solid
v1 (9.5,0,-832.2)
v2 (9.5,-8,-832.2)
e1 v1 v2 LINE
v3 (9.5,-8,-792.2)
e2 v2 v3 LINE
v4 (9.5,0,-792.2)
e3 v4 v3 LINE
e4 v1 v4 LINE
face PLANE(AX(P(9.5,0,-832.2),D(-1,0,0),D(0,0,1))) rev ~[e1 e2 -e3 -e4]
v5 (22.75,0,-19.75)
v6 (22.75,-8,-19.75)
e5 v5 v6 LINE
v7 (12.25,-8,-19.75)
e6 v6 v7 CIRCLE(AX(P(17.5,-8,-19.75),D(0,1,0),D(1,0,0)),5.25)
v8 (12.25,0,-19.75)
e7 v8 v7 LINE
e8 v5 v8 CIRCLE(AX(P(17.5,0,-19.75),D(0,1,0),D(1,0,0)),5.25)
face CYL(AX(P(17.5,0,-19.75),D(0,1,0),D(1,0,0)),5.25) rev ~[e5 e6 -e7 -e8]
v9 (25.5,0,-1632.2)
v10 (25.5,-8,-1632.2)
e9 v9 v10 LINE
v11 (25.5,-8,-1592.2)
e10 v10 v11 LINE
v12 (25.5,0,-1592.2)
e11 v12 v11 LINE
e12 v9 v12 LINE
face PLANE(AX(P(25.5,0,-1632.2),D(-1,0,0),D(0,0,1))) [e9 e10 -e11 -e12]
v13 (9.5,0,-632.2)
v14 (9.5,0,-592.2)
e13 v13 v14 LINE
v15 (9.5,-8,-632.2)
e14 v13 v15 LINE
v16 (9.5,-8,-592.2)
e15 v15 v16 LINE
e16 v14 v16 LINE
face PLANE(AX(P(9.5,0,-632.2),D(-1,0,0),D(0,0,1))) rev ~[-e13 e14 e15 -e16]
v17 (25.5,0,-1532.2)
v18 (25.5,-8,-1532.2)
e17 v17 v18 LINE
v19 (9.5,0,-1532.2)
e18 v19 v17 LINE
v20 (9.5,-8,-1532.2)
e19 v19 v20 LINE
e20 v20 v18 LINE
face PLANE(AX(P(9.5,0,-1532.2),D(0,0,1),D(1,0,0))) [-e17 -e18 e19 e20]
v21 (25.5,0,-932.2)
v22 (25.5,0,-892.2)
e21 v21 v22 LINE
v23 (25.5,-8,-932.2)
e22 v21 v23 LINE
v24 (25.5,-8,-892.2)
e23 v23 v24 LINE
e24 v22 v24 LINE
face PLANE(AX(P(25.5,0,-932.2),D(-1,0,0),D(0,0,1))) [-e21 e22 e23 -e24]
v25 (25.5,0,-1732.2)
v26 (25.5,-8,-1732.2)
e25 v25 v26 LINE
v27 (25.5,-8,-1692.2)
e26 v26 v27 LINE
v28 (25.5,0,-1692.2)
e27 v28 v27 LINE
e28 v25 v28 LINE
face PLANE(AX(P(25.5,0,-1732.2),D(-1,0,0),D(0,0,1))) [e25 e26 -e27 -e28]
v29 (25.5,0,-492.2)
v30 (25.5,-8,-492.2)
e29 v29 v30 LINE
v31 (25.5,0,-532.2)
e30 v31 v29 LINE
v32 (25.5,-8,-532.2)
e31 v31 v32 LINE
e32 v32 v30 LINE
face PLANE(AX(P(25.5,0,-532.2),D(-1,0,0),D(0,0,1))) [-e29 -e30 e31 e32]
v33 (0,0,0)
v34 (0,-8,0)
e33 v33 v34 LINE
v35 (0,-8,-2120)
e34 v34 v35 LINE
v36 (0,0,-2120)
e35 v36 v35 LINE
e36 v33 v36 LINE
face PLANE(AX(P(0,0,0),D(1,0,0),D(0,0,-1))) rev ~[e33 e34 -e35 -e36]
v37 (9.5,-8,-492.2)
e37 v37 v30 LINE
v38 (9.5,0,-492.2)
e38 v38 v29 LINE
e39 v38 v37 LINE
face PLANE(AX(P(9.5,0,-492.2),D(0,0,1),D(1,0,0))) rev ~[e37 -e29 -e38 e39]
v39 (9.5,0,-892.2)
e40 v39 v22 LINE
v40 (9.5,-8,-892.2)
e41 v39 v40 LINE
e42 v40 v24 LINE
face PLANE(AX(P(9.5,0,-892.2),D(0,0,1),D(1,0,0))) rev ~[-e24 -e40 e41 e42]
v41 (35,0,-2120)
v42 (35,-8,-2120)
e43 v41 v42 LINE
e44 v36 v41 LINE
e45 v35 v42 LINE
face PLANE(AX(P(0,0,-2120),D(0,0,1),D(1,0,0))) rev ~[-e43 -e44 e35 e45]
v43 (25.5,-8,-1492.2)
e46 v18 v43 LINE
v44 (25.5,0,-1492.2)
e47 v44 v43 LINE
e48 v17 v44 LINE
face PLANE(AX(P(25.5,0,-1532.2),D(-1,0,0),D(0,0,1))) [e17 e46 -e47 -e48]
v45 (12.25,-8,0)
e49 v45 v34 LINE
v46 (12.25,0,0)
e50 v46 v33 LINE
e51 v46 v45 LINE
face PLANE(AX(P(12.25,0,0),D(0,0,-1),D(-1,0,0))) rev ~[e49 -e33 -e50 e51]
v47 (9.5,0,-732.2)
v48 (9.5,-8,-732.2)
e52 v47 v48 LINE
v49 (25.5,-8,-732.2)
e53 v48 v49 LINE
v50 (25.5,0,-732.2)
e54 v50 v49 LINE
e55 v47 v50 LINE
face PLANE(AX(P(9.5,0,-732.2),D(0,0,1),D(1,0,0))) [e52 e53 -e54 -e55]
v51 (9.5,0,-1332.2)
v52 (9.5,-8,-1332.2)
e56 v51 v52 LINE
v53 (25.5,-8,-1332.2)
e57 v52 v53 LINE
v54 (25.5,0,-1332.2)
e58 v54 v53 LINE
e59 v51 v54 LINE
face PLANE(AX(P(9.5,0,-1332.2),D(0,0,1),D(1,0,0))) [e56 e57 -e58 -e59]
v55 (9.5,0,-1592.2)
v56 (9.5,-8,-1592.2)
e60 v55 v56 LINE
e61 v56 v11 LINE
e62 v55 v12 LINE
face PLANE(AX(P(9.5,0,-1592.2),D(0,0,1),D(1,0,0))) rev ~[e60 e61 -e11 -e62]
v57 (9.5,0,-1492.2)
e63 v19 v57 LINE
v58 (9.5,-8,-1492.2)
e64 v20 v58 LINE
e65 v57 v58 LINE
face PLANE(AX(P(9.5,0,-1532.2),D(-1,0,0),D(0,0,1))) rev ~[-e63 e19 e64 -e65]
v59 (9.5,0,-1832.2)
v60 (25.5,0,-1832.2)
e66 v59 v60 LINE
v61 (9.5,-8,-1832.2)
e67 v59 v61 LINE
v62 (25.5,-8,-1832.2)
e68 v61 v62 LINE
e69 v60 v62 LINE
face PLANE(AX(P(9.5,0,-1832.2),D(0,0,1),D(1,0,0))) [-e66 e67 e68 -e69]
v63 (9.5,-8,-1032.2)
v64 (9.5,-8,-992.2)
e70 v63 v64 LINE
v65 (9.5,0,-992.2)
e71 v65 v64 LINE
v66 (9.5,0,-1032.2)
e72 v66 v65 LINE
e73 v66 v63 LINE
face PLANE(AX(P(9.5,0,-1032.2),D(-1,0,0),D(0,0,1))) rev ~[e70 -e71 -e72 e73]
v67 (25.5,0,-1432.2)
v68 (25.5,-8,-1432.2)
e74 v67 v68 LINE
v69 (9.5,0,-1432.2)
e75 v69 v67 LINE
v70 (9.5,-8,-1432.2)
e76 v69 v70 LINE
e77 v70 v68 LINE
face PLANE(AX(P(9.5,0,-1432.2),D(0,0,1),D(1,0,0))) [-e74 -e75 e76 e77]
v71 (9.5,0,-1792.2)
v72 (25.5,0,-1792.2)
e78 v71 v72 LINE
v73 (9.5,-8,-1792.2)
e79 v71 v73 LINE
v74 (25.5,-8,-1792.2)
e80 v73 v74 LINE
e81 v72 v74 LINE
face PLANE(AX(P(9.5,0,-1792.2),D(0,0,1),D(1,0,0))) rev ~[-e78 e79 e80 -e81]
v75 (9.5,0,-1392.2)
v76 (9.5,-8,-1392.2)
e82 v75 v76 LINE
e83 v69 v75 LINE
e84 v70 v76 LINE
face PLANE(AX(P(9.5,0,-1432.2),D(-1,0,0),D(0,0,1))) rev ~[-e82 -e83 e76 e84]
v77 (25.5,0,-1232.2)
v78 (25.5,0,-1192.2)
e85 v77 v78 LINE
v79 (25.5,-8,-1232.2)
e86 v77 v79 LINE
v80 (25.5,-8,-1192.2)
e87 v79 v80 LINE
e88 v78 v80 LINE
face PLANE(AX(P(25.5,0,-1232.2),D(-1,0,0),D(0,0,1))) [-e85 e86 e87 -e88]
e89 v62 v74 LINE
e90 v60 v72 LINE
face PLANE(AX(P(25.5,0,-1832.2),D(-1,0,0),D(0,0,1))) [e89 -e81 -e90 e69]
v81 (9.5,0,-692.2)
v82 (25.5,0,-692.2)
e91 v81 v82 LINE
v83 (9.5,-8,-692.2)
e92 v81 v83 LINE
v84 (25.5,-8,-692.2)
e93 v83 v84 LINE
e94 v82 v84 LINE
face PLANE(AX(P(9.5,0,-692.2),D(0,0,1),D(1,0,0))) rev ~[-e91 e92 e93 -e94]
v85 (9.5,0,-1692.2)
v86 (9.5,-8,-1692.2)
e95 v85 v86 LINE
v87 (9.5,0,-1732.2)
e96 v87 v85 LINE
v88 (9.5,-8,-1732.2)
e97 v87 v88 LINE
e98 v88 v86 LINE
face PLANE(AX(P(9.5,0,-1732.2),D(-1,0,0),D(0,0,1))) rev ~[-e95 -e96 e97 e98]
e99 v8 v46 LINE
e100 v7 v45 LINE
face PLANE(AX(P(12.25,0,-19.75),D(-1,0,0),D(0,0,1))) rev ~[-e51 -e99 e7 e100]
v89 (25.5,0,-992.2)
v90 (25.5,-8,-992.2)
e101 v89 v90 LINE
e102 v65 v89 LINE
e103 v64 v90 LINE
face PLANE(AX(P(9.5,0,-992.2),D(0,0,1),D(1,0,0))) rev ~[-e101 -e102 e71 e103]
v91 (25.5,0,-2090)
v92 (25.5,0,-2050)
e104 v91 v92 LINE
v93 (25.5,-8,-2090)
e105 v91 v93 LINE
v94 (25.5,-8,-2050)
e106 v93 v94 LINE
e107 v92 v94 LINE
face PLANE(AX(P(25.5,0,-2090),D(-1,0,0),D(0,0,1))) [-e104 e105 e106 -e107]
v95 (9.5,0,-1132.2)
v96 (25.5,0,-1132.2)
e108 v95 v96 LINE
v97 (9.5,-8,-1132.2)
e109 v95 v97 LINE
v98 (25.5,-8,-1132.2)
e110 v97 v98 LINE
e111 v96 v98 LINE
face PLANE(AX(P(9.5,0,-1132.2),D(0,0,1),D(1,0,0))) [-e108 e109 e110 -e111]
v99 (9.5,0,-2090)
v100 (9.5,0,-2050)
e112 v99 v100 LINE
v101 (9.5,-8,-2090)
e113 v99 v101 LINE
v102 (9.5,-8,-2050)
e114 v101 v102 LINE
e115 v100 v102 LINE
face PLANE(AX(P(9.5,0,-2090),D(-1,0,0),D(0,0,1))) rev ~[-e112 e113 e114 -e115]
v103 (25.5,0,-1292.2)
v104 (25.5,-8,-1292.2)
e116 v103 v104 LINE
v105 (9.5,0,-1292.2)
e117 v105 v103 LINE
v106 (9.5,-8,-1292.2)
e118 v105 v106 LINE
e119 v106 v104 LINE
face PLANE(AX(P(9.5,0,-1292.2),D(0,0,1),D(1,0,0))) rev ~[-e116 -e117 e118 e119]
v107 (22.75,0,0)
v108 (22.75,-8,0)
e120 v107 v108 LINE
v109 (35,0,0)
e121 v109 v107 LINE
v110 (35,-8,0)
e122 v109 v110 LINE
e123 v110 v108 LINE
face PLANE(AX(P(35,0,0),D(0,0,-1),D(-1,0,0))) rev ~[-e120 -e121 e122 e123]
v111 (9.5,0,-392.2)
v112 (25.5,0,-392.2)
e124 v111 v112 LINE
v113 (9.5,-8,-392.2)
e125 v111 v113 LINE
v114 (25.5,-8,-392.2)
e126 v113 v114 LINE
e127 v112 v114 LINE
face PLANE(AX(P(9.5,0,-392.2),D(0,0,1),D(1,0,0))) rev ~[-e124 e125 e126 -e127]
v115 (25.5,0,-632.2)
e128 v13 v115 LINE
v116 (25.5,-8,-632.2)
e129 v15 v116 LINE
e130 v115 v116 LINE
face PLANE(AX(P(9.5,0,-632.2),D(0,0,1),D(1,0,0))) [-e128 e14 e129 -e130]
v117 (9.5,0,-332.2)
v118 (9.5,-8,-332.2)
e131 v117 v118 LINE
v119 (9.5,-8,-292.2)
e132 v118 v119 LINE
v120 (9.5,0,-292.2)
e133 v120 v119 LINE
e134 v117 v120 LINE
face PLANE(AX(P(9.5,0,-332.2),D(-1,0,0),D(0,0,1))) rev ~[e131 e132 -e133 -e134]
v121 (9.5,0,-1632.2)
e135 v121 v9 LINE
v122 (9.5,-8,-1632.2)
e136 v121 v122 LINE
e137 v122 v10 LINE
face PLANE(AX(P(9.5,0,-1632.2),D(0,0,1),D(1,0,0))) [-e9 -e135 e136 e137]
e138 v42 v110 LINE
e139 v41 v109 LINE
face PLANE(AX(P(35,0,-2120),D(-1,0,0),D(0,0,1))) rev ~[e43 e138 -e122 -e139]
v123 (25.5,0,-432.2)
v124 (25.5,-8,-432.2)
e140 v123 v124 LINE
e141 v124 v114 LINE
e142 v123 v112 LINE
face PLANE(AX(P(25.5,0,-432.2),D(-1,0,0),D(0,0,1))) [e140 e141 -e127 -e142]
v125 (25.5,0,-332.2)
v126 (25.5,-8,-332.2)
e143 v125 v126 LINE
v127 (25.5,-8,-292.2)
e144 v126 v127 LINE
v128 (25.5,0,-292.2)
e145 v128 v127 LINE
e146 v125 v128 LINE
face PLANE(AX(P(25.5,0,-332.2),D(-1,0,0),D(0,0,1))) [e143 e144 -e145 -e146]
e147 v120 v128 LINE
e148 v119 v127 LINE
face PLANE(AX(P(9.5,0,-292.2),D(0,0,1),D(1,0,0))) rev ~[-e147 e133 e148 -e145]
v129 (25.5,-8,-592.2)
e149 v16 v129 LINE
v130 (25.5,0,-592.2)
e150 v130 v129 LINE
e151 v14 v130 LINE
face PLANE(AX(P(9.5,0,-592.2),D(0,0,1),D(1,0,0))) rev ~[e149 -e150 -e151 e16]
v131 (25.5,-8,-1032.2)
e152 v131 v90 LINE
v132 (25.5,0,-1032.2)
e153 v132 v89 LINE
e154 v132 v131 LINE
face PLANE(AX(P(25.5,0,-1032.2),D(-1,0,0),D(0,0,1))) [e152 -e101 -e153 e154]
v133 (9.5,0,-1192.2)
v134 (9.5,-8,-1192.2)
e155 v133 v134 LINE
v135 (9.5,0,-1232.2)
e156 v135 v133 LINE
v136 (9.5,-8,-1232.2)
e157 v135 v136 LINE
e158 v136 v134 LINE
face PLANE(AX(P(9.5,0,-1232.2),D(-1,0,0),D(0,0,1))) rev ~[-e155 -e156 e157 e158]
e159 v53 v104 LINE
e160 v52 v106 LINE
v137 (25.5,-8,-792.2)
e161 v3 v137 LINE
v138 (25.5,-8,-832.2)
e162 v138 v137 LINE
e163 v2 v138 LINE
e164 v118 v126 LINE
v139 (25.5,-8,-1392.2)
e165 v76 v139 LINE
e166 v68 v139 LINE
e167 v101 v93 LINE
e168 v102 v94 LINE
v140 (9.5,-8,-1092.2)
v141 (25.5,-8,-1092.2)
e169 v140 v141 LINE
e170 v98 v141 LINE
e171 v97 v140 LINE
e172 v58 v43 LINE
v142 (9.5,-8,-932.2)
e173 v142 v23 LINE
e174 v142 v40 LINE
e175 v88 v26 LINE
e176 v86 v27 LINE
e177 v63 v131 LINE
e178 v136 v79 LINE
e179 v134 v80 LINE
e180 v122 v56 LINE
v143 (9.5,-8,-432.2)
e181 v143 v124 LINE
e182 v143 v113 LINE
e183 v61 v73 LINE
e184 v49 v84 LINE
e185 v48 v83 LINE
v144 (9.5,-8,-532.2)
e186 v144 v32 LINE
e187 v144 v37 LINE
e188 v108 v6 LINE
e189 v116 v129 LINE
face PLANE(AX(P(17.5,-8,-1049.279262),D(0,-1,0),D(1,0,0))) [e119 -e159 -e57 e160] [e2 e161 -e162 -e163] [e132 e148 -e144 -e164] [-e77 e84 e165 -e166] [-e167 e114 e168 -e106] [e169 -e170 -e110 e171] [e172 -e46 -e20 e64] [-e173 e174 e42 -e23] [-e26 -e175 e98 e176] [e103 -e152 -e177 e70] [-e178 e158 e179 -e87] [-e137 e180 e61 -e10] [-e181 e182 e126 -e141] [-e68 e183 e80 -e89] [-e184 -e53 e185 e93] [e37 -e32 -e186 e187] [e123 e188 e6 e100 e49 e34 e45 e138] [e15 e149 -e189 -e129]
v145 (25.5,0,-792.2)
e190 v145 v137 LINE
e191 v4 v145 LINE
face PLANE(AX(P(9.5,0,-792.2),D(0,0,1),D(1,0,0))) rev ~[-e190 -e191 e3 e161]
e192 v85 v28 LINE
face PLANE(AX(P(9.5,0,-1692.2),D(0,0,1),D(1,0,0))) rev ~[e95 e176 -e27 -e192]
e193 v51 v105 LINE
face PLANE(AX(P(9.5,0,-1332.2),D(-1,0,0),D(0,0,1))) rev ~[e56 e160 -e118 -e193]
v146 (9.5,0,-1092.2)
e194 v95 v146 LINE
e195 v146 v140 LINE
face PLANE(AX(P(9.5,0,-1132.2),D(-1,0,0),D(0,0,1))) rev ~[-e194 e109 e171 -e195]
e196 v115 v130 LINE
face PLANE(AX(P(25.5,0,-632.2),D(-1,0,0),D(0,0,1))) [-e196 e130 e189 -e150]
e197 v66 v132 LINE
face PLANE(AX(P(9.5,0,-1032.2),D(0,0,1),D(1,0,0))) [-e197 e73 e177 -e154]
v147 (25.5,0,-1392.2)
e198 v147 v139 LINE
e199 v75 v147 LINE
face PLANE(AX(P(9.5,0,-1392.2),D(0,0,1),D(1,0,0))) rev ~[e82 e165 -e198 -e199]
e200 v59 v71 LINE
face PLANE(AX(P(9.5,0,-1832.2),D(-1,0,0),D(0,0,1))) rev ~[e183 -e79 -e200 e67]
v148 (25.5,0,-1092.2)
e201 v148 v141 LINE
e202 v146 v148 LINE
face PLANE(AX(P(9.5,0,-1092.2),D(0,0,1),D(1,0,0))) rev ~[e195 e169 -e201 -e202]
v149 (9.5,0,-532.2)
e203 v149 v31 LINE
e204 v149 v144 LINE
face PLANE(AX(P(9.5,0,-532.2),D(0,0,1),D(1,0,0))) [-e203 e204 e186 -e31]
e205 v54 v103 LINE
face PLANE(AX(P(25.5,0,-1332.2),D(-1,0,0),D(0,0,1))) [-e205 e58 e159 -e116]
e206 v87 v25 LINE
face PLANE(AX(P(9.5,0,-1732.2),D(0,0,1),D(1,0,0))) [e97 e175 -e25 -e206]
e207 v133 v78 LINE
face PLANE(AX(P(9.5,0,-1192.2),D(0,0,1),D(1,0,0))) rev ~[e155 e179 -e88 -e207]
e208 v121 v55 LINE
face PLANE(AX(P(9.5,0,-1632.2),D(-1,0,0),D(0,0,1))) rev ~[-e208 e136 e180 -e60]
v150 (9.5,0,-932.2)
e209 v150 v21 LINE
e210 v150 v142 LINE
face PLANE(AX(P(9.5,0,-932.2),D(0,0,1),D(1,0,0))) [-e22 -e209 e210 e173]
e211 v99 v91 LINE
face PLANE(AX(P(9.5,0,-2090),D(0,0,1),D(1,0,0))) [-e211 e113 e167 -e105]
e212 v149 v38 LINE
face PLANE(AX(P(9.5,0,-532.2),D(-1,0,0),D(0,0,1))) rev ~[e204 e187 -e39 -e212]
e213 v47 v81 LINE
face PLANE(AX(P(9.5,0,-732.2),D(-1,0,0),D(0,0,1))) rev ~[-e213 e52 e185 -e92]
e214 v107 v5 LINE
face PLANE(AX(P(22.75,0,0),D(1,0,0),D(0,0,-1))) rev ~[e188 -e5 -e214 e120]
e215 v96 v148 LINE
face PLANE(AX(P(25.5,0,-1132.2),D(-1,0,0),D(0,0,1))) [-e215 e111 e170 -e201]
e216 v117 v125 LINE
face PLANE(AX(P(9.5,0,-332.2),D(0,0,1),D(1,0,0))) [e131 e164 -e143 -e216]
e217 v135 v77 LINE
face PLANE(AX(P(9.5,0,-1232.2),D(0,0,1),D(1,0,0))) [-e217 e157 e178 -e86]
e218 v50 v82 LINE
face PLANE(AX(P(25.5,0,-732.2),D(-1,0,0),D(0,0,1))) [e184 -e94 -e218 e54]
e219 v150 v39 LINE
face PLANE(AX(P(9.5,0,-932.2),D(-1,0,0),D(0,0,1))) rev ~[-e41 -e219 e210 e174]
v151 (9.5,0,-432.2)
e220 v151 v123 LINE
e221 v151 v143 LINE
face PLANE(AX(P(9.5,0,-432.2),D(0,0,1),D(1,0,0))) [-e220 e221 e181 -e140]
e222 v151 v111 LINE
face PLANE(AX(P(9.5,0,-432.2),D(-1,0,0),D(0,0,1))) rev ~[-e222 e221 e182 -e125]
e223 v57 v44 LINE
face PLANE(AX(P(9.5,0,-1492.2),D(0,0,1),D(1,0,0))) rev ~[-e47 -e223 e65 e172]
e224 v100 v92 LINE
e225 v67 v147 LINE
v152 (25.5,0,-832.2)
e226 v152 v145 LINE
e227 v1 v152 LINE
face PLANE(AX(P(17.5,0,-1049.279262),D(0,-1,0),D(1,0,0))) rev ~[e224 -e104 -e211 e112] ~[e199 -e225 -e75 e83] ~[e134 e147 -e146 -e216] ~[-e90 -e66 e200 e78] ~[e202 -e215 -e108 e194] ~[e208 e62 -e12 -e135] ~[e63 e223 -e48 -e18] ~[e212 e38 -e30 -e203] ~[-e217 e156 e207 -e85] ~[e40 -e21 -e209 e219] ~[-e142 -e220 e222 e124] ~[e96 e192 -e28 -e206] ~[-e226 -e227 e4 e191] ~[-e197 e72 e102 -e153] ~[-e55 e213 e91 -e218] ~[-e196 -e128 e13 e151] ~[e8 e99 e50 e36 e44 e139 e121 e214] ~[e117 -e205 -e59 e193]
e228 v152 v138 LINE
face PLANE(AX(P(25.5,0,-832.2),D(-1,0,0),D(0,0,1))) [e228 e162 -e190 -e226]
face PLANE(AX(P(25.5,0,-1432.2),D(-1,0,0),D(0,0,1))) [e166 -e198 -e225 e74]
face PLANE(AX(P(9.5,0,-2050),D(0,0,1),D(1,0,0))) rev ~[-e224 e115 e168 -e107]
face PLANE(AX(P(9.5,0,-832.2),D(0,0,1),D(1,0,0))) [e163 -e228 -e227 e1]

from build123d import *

# Parameters (mm, degrees)
F0_W     = 16
F0_H     = 40
F1_DEPTH = 8


with BuildPart() as f1:
    # F0 (on Front) → F1 (new body)
    with BuildSketch(Plane.XZ):
        with BuildLine():
            Line((12.25, 0), (0, 0))
            Line((0, 0), (0, -2120))
            Line((0, -2120), (35, -2120))
            Line((35, -2120), (35, 0))
            Line((35, 0), (22.75, 0))
            Line((22.75, 0), (22.75, -19.75))
            ThreePointArc((22.75, -19.75), (17.5, -25), (12.25, -19.75))
            Line((12.25, -19.75), (12.25, 0))
        make_face()
        with Locations((17.5, -2070)):
            Rectangle(F0_W, F0_H, mode=Mode.SUBTRACT)
        with Locations((17.5, -1812.2)):
            Rectangle(F0_W, F0_H, mode=Mode.SUBTRACT)
        with Locations((17.5, -1712.2)):
            Rectangle(F0_W, F0_H, mode=Mode.SUBTRACT)
        with Locations((17.5, -1612.2)):
            Rectangle(F0_W, F0_H, mode=Mode.SUBTRACT)
        with Locations((17.5, -1512.2)):
            Rectangle(F0_W, F0_H, mode=Mode.SUBTRACT)
        with Locations((17.5, -1412.2)):
            Rectangle(F0_W, F0_H, mode=Mode.SUBTRACT)
        with Locations((17.5, -1312.2)):
            Rectangle(F0_W, F0_H, mode=Mode.SUBTRACT)
        with Locations((17.5, -1212.2)):
            Rectangle(F0_W, F0_H, mode=Mode.SUBTRACT)
        with Locations((17.5, -1112.2)):
            Rectangle(F0_W, F0_H, mode=Mode.SUBTRACT)
        with Locations((17.5, -1012.2)):
            Rectangle(F0_W, F0_H, mode=Mode.SUBTRACT)
        with Locations((17.5, -912.2)):
            Rectangle(F0_W, F0_H, mode=Mode.SUBTRACT)
        with Locations((17.5, -812.2)):
            Rectangle(F0_W, F0_H, mode=Mode.SUBTRACT)
        with Locations((17.5, -712.2)):
            Rectangle(F0_W, F0_H, mode=Mode.SUBTRACT)
        with Locations((17.5, -612.2)):
            Rectangle(F0_W, F0_H, mode=Mode.SUBTRACT)
        with Locations((17.5, -512.2)):
            Rectangle(F0_W, F0_H, mode=Mode.SUBTRACT)
        with Locations((17.5, -412.2)):
            Rectangle(F0_W, F0_H, mode=Mode.SUBTRACT)
        with Locations((17.5, -312.2)):
            Rectangle(F0_W, F0_H, mode=Mode.SUBTRACT)
    extrude(amount=F1_DEPTH)


solid = f1.part
